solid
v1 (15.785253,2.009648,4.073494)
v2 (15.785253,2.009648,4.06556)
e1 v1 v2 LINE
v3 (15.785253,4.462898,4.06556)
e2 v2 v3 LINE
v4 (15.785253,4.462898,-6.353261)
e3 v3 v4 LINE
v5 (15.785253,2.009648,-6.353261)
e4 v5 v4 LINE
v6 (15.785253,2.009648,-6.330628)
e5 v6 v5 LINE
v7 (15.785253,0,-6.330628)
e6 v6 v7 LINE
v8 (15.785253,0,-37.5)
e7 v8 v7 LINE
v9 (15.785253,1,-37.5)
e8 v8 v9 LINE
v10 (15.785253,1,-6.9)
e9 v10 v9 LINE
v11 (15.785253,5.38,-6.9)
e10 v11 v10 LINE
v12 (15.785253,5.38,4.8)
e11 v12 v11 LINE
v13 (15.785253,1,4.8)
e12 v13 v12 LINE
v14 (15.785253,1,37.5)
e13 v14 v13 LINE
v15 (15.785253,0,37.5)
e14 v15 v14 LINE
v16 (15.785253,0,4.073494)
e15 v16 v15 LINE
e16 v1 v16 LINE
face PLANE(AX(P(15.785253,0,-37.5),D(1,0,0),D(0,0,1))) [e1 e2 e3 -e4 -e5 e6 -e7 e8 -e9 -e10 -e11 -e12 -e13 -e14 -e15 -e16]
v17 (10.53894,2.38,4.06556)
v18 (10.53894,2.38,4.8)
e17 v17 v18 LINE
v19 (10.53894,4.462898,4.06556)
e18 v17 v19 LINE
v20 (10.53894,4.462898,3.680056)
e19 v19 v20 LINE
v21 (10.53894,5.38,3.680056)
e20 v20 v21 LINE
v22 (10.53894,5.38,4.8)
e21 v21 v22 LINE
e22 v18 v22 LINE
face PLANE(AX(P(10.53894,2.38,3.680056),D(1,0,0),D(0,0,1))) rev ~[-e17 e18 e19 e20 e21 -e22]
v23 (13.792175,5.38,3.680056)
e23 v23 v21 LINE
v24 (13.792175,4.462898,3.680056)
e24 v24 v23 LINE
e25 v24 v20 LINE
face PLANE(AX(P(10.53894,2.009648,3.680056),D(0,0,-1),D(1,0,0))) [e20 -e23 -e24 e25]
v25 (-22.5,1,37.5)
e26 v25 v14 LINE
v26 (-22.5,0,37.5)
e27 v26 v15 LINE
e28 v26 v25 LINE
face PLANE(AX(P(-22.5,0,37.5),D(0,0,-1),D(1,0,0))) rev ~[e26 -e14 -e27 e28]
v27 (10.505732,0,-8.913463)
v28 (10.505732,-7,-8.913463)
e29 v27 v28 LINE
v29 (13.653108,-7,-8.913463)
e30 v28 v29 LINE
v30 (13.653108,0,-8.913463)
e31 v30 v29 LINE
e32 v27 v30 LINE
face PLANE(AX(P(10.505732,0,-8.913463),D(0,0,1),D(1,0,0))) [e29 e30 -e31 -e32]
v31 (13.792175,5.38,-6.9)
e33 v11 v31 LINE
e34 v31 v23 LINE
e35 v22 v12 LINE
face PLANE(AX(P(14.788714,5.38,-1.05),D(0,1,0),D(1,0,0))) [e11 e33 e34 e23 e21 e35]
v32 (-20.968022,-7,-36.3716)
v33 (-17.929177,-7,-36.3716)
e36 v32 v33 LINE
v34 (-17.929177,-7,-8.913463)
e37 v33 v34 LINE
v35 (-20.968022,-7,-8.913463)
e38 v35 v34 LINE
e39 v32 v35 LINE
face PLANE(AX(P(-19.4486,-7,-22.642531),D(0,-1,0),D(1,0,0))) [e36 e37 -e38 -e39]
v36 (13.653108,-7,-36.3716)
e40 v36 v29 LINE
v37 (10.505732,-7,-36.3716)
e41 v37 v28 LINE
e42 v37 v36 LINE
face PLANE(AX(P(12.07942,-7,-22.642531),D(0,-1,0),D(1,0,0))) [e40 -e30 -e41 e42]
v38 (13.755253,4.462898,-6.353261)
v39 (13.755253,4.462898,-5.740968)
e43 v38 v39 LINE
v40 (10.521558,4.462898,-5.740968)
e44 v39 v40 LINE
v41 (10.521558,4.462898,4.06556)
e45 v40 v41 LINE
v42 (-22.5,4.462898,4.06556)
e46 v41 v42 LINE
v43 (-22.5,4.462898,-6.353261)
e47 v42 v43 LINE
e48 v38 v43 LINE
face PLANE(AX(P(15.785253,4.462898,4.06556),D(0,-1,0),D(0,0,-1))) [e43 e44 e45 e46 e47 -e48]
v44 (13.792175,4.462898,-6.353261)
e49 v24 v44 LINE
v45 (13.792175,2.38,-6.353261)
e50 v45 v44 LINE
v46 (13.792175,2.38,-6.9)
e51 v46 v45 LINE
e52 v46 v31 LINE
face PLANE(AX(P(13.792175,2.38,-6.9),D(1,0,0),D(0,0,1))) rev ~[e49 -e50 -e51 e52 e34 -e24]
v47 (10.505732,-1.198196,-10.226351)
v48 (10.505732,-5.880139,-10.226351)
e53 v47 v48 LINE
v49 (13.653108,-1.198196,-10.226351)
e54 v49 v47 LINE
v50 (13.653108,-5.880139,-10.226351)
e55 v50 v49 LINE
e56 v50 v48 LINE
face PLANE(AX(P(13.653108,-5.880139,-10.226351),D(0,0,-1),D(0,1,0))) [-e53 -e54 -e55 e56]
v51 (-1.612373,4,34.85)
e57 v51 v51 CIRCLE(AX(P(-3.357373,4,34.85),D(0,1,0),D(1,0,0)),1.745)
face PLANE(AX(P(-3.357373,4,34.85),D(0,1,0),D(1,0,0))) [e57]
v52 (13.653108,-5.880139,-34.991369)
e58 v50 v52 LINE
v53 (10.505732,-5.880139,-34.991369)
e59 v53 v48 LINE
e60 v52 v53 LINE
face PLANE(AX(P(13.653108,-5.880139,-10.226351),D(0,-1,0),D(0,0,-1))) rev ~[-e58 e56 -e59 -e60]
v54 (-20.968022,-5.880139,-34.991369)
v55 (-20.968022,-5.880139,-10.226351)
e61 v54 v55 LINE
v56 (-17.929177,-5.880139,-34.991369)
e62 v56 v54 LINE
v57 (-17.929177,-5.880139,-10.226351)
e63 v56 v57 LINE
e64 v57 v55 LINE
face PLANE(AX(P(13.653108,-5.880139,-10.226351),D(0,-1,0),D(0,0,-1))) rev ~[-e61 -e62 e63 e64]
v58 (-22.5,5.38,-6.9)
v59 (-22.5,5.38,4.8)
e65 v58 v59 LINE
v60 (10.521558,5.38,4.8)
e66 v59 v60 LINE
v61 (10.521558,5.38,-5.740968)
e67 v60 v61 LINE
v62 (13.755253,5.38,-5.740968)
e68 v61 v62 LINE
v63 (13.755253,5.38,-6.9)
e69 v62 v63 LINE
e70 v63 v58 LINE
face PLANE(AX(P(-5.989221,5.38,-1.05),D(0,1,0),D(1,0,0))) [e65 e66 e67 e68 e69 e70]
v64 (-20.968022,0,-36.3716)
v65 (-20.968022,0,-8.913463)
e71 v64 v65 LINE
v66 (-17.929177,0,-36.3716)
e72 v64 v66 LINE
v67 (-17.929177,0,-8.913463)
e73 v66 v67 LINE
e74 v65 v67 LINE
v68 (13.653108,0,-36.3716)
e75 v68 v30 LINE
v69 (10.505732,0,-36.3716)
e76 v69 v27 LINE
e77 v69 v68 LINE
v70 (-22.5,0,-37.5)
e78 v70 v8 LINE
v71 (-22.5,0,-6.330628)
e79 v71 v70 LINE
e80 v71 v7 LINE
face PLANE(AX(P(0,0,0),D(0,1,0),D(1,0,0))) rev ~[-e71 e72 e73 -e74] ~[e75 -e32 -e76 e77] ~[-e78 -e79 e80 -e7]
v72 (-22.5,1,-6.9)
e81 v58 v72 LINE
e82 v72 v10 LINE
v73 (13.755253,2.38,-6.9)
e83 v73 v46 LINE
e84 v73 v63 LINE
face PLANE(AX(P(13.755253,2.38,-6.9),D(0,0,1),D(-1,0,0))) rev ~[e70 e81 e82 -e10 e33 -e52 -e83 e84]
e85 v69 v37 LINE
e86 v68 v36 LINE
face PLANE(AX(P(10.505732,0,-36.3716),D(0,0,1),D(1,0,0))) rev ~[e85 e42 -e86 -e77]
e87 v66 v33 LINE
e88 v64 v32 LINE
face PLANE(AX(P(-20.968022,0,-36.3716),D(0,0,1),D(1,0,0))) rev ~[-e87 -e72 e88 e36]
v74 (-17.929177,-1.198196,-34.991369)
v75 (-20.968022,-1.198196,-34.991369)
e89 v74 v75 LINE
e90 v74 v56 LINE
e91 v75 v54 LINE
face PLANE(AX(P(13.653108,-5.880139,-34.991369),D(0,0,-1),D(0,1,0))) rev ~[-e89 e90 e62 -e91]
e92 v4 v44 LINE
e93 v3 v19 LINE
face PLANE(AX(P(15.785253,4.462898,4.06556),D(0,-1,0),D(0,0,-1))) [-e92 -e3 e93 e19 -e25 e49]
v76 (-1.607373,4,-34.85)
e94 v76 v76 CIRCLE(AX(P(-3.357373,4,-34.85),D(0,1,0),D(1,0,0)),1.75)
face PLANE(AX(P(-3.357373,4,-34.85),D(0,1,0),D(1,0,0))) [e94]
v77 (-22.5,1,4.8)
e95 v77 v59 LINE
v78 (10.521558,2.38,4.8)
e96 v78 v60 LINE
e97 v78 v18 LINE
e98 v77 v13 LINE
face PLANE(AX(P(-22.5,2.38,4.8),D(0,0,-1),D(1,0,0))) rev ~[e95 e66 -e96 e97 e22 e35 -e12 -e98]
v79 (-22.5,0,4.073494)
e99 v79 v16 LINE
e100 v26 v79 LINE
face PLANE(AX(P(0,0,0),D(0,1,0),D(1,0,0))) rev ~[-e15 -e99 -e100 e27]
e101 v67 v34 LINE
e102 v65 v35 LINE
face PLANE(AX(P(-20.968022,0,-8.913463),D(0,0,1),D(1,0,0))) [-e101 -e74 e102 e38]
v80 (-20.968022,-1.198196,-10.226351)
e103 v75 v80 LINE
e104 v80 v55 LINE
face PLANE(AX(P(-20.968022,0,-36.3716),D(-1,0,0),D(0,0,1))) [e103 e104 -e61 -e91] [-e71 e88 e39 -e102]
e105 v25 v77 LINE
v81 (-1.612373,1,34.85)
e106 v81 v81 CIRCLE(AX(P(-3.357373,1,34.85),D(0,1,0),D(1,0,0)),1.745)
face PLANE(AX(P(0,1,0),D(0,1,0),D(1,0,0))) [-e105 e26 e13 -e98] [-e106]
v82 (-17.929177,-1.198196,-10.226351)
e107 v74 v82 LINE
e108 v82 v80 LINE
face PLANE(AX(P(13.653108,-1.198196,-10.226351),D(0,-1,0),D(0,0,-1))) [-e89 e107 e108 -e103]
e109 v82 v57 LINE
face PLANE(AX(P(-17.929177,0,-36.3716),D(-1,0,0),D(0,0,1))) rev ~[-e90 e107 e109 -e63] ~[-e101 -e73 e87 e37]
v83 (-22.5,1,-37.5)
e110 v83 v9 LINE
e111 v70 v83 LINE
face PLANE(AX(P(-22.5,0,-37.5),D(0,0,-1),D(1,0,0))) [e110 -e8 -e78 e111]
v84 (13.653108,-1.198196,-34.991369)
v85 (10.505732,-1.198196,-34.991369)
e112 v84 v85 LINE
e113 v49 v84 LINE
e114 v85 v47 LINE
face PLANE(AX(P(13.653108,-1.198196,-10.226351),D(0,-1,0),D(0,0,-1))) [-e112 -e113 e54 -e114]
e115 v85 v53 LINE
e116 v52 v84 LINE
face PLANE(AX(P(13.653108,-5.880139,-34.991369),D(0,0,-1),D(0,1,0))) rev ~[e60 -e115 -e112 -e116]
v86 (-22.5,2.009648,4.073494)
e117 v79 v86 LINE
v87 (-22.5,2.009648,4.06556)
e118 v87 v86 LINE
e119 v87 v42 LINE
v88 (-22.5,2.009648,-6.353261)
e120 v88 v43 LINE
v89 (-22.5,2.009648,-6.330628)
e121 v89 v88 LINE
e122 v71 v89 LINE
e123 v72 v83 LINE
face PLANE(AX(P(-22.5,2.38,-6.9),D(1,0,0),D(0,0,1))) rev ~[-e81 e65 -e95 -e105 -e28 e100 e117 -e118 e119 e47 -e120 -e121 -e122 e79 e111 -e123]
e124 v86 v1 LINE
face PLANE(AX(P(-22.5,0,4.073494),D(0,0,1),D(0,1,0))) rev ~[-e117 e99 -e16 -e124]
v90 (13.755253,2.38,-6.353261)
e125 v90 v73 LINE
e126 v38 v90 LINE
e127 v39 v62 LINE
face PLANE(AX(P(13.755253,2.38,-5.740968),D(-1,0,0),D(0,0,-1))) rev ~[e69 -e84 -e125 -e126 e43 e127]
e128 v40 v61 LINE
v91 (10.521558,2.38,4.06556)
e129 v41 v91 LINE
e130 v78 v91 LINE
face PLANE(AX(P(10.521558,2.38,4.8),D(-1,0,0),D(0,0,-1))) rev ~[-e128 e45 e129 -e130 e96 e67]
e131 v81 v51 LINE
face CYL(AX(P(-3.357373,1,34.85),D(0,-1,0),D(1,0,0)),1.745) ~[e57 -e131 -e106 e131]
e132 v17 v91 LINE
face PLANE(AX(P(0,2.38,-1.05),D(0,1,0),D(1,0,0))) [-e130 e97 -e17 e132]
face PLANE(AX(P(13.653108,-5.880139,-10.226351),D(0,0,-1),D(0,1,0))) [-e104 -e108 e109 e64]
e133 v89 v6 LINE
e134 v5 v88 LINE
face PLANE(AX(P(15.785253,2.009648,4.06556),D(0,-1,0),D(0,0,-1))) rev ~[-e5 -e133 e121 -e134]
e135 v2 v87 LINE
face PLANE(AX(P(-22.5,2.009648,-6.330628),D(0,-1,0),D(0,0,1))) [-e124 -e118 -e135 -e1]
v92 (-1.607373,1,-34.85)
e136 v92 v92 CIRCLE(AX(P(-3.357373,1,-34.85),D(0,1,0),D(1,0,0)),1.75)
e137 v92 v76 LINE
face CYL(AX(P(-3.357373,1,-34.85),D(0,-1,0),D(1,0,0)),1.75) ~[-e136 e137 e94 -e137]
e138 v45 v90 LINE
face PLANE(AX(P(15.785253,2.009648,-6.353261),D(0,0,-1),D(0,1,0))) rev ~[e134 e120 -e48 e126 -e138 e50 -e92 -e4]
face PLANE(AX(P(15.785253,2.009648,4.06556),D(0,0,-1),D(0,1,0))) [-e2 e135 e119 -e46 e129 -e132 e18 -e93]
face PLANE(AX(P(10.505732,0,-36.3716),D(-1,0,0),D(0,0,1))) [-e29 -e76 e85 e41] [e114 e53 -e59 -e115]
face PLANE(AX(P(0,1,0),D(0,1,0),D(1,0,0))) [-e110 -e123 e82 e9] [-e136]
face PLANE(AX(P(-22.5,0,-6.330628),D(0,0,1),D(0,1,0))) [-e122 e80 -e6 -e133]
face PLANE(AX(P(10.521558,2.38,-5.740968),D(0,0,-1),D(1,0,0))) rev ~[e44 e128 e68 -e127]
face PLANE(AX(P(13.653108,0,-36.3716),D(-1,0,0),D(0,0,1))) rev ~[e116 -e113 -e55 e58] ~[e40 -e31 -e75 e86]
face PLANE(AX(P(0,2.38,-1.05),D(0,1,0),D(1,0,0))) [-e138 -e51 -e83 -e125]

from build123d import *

# Parameters (mm, degrees)
CROQUIS1_W              = 45
CROQUIS1_H              = 75
SALIENTE_EXTRUIR1_DEPTH = 1
CROQUIS2_W              = 45
CROQUIS2_H              = 11.7
SALIENTE_EXTRUIR2_DEPTH = 1.38
CROQUIS5_W              = 6.714746972
CROQUIS5_H              = 75
CORTAR_EXTRUIR2_DEPTH   = 38.3
CROQUIS7_R              = 1.75
CROQUIS7_R_2            = 1.745
SALIENTE_EXTRUIR3_DEPTH = 3
CROQUIS8_W              = 10.404122083
CROQUIS8_H              = 2.00964754
CORTAR_EXTRUIR3_DEPTH   = 40
CROQUIS9_W              = 3.216312559
CROQUIS9_H              = 9.421023217
CORTAR_EXTRUIR5_DEPTH   = 10
CROQUIS10_W             = 3.147375437
CROQUIS10_H             = 27.45813743
CROQUIS10_W_2           = 3.03884525
SALIENTE_EXTRUIR4_DEPTH = 7
CROQUIS11_W             = 24.765018181
CROQUIS11_H             = 4.681943735
CORTAR_EXTRUIR6_DEPTH   = 47
SALIENTE_EXTRUIR5_DEPTH = 3
CROQUIS13_W             = 10.418820836
CROQUIS13_H             = 2.453250219
CORTAR_EXTRUIR7_DEPTH   = 43


with BuildPart() as part:
    # Croquis1 → Saliente-Extruir1 (new body)
    with BuildSketch(Plane(origin=(0, 0, 0), x_dir=(1, 0, 0), z_dir=(0, 1, 0))):
        Rectangle(CROQUIS1_W, CROQUIS1_H)
    extrude(amount=SALIENTE_EXTRUIR1_DEPTH)

    # Croquis2 → Saliente-Extruir2 (add)
    with BuildSketch(Plane(origin=(0, 1, 0), x_dir=(1, 0, 0), z_dir=(0, 1, 0))):
        with Locations((0, 1.05)):
            Rectangle(CROQUIS2_W, CROQUIS2_H)
    extrude(amount=SALIENTE_EXTRUIR2_DEPTH)

    # Croquis5 → Cortar-Extruir2 (cut)
    with BuildSketch(Plane.XZ):
        with Locations((19.142626514, 0)):
            Rectangle(CROQUIS5_W, CROQUIS5_H)
    extrude(amount=-CORTAR_EXTRUIR2_DEPTH, mode=Mode.SUBTRACT)

    # Croquis7 → Saliente-Extruir3 (add)
    with BuildSketch(Plane(origin=(0, 1, 0), x_dir=(1, 0, 0), z_dir=(0, 1, 0))):
        with Locations((-3.357373486, 34.85)):
            Circle(CROQUIS7_R)
        with Locations((-3.357373486, -34.85)):
            Circle(CROQUIS7_R_2)
    extrude(amount=SALIENTE_EXTRUIR3_DEPTH)

    # Croquis8 → Cortar-Extruir3 (cut)
    with BuildSketch(Plane.ZY.offset(22.5)):
        with Locations((-1.128567076, 1.00482377)):
            Rectangle(CROQUIS8_W, CROQUIS8_H)
    extrude(amount=-CORTAR_EXTRUIR3_DEPTH, mode=Mode.SUBTRACT)

    # Croquis9 → Cortar-Extruir5 (cut)
    with BuildSketch(Plane.XZ.offset(-2.00964754)):
        with Locations((12.147096749, -1.030456008)):
            Rectangle(CROQUIS9_W, CROQUIS9_H)
    extrude(amount=-CORTAR_EXTRUIR5_DEPTH, mode=Mode.SUBTRACT)

    # Croquis10 → Saliente-Extruir4 (add)
    with BuildSketch(Plane.XZ):
        with Locations((12.079419824, -22.642531368)):
            Rectangle(CROQUIS10_W, CROQUIS10_H)
        with Locations((-19.448599637, -22.642531368)):
            Rectangle(CROQUIS10_W_2, CROQUIS10_H)
    extrude(amount=SALIENTE_EXTRUIR4_DEPTH)

    # Croquis11 → Cortar-Extruir6 (cut)
    with BuildSketch(Plane(origin=(13.653107542, 0, 0), x_dir=(0, 0, -1), z_dir=(1, 0, 0))):
        with Locations((22.608859882, -3.539167372)):
            Rectangle(CROQUIS11_W, CROQUIS11_H)
    extrude(amount=-CORTAR_EXTRUIR6_DEPTH, mode=Mode.SUBTRACT)

    # Croquis12 → Saliente-Extruir5 (add)
    with BuildSketch(Plane(origin=(0, 2.38, 0), x_dir=(1, 0, 0), z_dir=(0, 1, 0))):
        Polygon((10.521558479, 6.9), (-22.5, 6.9), (-22.5, -4.8), (10.521558479, -4.8), (10.521558479, 5.740967616), align=None)
        Polygon((13.755253028, 6.9), (10.521558479, 6.9), (10.521558479, 5.740967616), (10.538940469, 5.740967616), (13.755253028, 5.740967616), align=None)
        Polygon((15.785253028, 6.9), (13.792175248, 6.9), (13.792175248, -3.680055601), (13.792175248, -4.8), (15.785253028, -4.8), align=None)
        Polygon((10.538940469, -3.680055601), (10.538940469, -4.8), (13.792175248, -4.8), (13.792175248, -3.680055601), (13.755253028, -3.680055601), align=None)
    extrude(amount=SALIENTE_EXTRUIR5_DEPTH)

    # Croquis13 → Cortar-Extruir7 (cut)
    with BuildSketch(Plane(origin=(15.785253028, 0, 0), x_dir=(0, 0, -1), z_dir=(1, 0, 0))):
        with Locations((1.143850221, 3.23627265)):
            Rectangle(CROQUIS13_W, CROQUIS13_H)
    extrude(amount=-CORTAR_EXTRUIR7_DEPTH, mode=Mode.SUBTRACT)


solid = part.part
